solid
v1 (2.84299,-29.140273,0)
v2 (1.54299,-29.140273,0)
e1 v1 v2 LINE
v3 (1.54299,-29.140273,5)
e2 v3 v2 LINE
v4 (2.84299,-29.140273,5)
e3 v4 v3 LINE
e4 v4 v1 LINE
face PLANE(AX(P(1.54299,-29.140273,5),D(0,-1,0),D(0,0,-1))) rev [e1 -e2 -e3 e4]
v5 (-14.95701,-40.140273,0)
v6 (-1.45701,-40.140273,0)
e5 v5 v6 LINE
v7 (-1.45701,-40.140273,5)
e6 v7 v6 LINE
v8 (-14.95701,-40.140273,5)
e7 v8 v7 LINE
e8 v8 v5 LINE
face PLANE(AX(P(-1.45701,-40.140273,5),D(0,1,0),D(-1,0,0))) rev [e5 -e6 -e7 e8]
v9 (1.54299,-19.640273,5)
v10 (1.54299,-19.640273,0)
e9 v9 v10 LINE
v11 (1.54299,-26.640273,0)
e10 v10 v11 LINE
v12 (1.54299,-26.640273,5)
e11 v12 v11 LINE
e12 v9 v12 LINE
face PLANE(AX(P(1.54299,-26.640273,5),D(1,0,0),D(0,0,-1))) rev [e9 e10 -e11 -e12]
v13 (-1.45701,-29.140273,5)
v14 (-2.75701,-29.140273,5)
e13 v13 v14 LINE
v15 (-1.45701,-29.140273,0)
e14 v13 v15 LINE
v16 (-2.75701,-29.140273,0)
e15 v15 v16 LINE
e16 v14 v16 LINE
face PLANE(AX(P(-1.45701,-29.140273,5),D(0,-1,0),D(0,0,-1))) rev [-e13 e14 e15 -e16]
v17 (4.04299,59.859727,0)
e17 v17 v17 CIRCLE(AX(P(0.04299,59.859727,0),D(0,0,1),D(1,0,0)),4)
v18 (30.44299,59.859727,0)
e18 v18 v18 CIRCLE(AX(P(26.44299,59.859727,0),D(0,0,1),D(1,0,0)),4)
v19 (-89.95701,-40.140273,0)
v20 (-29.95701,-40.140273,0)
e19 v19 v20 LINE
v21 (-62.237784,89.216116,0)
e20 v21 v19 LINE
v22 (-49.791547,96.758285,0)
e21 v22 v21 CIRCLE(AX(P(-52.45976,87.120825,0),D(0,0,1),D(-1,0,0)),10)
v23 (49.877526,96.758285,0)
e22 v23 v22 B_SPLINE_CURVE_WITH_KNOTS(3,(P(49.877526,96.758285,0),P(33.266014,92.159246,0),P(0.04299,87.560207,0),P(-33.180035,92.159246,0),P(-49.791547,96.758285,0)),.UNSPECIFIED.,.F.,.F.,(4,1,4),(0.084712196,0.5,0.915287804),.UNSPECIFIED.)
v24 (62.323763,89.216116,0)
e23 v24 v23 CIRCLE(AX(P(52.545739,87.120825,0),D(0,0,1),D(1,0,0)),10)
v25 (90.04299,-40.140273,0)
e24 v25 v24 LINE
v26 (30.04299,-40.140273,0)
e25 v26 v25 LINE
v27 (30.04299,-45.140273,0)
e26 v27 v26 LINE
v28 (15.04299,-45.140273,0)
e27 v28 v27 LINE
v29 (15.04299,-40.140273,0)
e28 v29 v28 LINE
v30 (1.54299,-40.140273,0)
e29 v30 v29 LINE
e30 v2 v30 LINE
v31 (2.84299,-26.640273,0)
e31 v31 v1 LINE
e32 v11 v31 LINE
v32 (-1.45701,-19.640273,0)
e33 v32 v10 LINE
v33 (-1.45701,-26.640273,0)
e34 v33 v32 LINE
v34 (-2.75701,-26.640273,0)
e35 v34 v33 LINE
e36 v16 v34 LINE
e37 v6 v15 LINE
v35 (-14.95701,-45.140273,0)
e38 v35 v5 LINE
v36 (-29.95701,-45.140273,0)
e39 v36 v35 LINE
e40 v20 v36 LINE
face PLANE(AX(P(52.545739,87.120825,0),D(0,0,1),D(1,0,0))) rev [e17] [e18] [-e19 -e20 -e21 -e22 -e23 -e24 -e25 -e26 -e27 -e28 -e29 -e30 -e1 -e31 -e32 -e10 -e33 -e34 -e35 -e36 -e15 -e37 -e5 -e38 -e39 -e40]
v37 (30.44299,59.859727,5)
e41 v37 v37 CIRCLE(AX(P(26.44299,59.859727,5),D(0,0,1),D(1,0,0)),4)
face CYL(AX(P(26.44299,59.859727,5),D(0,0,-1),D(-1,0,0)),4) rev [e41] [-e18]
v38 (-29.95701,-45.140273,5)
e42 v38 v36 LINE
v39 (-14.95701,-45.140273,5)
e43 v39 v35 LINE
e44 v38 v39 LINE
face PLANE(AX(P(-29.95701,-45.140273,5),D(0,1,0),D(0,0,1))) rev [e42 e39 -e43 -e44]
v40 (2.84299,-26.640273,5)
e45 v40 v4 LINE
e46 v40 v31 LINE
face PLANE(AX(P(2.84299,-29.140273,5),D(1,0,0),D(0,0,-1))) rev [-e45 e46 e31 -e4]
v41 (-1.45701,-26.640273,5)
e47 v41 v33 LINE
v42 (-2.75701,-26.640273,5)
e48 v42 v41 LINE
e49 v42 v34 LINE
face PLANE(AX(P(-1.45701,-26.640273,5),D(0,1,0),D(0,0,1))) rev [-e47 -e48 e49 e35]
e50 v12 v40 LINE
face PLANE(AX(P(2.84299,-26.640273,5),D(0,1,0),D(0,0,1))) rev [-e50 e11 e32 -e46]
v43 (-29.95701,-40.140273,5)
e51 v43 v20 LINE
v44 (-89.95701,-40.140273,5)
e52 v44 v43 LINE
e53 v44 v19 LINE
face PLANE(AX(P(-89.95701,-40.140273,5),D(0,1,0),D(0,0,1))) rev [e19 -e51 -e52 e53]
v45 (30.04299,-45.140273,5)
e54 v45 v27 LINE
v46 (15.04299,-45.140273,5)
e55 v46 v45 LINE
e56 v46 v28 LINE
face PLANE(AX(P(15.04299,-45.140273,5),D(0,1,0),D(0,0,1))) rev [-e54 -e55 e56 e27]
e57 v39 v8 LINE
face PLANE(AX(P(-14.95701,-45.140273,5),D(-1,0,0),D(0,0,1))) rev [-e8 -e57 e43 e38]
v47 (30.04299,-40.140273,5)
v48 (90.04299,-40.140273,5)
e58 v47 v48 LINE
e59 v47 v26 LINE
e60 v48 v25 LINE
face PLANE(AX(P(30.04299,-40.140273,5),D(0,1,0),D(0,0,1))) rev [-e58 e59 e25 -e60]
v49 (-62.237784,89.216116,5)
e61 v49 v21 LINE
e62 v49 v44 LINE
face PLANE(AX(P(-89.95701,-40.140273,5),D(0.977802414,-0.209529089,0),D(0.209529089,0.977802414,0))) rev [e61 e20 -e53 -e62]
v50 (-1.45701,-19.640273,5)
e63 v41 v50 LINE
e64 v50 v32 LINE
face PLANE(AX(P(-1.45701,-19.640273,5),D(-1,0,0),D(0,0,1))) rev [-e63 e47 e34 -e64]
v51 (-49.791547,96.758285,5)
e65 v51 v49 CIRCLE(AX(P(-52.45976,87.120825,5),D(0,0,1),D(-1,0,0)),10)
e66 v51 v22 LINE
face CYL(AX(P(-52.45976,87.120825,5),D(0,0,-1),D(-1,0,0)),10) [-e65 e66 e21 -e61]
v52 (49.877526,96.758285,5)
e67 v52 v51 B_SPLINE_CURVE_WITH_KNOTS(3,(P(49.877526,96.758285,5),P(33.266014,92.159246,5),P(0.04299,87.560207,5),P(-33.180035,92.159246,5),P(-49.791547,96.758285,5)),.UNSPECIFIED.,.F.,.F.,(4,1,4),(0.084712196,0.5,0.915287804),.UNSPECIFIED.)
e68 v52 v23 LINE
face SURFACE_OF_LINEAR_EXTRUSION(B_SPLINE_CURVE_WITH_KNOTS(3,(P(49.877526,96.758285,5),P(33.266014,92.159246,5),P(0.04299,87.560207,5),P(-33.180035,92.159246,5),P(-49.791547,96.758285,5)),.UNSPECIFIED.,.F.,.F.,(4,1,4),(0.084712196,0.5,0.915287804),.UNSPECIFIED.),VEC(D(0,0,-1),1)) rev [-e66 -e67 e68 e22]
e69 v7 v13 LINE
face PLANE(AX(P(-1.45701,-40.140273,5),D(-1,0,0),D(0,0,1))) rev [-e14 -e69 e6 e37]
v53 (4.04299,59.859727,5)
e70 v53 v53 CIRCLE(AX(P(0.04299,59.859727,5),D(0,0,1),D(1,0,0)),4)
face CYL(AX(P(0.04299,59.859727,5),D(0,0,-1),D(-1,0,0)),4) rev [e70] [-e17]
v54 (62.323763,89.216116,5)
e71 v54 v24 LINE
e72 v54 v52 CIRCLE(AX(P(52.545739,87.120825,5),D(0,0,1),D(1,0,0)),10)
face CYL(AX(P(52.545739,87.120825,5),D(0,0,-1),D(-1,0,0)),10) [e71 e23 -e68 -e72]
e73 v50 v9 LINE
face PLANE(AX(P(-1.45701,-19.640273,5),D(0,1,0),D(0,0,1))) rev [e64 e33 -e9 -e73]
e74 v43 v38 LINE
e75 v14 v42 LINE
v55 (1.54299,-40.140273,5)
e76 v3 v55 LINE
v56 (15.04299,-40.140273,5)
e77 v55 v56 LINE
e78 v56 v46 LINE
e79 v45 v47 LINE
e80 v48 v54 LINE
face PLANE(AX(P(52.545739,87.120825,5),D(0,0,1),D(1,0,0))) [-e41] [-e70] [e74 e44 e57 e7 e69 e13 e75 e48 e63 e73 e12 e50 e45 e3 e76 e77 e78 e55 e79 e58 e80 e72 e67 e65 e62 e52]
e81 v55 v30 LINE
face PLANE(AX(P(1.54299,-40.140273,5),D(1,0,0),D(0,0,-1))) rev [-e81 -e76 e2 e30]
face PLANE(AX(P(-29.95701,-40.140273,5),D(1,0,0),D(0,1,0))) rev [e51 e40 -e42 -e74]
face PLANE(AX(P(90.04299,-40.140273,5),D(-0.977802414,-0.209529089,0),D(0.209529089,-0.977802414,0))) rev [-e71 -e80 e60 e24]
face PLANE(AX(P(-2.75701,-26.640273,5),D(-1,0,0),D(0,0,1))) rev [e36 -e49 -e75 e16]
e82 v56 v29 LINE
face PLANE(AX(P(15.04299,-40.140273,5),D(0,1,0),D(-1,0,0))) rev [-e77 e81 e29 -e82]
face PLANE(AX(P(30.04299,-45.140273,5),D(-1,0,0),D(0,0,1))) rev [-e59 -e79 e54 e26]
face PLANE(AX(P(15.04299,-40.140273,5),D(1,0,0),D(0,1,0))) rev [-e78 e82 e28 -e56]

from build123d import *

# Parameters (mm, degrees)
SKETCH1_R           = 4
BOSS_EXTRUDE1_DEPTH = 5


with BuildPart() as part:
    # Sketch1 → Boss-Extrude1 (new body)
    with BuildSketch(Plane.XY):
        with BuildLine():
            Line((-29.957010387, -40.140273422), (-29.957010387, -45.140273422))
            Line((-29.957010387, -45.140273422), (-14.957010387, -45.140273422))
            Line((-14.957010387, -45.140273422), (-14.957010387, -40.140273422))
            Line((-14.957010387, -40.140273422), (-1.457010387, -40.140273422))
            Line((-1.457010387, -40.140273422), (-1.457010387, -29.140273422))
            Line((-1.457010387, -29.140273422), (-2.757010387, -29.140273422))
            Line((-2.757010387, -29.140273422), (-2.757010387, -26.640273422))
            Line((-2.757010387, -26.640273422), (-1.457010387, -26.640273422))
            Line((-1.457010387, -26.640273422), (-1.457010387, -19.640273422))
            Line((-1.457010387, -19.640273422), (1.542989613, -19.640273422))
            Line((1.542989613, -19.640273422), (1.542989613, -26.640273422))
            Line((1.542989613, -26.640273422), (2.842989613, -26.640273422))
            Line((2.842989613, -26.640273422), (2.842989613, -29.140273422))
            Line((2.842989613, -29.140273422), (1.542989613, -29.140273422))
            Line((1.542989613, -29.140273422), (1.542989613, -40.140273422))
            Line((1.542989613, -40.140273422), (15.042989613, -40.140273422))
            Line((15.042989613, -40.140273422), (15.042989613, -45.140273422))
            Line((15.042989613, -45.140273422), (30.042989613, -45.140273422))
            Line((30.042989613, -45.140273422), (30.042989613, -40.140273422))
            Line((30.042989613, -40.140273422), (90.042989613, -40.140273422))
            Line((90.042989613, -40.140273422), (62.323763373, 89.216115695))
            ThreePointArc((62.323763373, 89.216115695), (57.728251424, 95.673109145), (49.877526115, 96.75828499))
            add(Edge.make_bspline(
                [(49.877526115, 96.75828499), (33.266013947, 92.159246048), (0.042989613, 87.560207107), (-33.180034722, 92.159246048), (-49.791546889, 96.75828499)],
                knots=[0.084712196, 0.084712196, 0.084712196, 0.084712196, 0.5, 0.915287804, 0.915287804, 0.915287804, 0.915287804], degree=3))
            ThreePointArc((-49.791546889, 96.75828499), (-57.642272198, 95.673109145), (-62.237784148, 89.216115695))
            Line((-62.237784148, 89.216115695), (-89.957010387, -40.140273422))
            Line((-89.957010387, -40.140273422), (-29.957010387, -40.140273422))
        make_face()
        with Locations((26.442989613, 59.859726578)):
            Circle(SKETCH1_R, mode=Mode.SUBTRACT)
        with Locations((0.042989613, 59.859726578)):
            Circle(SKETCH1_R, mode=Mode.SUBTRACT)
    extrude(amount=BOSS_EXTRUDE1_DEPTH)


solid = part.part
